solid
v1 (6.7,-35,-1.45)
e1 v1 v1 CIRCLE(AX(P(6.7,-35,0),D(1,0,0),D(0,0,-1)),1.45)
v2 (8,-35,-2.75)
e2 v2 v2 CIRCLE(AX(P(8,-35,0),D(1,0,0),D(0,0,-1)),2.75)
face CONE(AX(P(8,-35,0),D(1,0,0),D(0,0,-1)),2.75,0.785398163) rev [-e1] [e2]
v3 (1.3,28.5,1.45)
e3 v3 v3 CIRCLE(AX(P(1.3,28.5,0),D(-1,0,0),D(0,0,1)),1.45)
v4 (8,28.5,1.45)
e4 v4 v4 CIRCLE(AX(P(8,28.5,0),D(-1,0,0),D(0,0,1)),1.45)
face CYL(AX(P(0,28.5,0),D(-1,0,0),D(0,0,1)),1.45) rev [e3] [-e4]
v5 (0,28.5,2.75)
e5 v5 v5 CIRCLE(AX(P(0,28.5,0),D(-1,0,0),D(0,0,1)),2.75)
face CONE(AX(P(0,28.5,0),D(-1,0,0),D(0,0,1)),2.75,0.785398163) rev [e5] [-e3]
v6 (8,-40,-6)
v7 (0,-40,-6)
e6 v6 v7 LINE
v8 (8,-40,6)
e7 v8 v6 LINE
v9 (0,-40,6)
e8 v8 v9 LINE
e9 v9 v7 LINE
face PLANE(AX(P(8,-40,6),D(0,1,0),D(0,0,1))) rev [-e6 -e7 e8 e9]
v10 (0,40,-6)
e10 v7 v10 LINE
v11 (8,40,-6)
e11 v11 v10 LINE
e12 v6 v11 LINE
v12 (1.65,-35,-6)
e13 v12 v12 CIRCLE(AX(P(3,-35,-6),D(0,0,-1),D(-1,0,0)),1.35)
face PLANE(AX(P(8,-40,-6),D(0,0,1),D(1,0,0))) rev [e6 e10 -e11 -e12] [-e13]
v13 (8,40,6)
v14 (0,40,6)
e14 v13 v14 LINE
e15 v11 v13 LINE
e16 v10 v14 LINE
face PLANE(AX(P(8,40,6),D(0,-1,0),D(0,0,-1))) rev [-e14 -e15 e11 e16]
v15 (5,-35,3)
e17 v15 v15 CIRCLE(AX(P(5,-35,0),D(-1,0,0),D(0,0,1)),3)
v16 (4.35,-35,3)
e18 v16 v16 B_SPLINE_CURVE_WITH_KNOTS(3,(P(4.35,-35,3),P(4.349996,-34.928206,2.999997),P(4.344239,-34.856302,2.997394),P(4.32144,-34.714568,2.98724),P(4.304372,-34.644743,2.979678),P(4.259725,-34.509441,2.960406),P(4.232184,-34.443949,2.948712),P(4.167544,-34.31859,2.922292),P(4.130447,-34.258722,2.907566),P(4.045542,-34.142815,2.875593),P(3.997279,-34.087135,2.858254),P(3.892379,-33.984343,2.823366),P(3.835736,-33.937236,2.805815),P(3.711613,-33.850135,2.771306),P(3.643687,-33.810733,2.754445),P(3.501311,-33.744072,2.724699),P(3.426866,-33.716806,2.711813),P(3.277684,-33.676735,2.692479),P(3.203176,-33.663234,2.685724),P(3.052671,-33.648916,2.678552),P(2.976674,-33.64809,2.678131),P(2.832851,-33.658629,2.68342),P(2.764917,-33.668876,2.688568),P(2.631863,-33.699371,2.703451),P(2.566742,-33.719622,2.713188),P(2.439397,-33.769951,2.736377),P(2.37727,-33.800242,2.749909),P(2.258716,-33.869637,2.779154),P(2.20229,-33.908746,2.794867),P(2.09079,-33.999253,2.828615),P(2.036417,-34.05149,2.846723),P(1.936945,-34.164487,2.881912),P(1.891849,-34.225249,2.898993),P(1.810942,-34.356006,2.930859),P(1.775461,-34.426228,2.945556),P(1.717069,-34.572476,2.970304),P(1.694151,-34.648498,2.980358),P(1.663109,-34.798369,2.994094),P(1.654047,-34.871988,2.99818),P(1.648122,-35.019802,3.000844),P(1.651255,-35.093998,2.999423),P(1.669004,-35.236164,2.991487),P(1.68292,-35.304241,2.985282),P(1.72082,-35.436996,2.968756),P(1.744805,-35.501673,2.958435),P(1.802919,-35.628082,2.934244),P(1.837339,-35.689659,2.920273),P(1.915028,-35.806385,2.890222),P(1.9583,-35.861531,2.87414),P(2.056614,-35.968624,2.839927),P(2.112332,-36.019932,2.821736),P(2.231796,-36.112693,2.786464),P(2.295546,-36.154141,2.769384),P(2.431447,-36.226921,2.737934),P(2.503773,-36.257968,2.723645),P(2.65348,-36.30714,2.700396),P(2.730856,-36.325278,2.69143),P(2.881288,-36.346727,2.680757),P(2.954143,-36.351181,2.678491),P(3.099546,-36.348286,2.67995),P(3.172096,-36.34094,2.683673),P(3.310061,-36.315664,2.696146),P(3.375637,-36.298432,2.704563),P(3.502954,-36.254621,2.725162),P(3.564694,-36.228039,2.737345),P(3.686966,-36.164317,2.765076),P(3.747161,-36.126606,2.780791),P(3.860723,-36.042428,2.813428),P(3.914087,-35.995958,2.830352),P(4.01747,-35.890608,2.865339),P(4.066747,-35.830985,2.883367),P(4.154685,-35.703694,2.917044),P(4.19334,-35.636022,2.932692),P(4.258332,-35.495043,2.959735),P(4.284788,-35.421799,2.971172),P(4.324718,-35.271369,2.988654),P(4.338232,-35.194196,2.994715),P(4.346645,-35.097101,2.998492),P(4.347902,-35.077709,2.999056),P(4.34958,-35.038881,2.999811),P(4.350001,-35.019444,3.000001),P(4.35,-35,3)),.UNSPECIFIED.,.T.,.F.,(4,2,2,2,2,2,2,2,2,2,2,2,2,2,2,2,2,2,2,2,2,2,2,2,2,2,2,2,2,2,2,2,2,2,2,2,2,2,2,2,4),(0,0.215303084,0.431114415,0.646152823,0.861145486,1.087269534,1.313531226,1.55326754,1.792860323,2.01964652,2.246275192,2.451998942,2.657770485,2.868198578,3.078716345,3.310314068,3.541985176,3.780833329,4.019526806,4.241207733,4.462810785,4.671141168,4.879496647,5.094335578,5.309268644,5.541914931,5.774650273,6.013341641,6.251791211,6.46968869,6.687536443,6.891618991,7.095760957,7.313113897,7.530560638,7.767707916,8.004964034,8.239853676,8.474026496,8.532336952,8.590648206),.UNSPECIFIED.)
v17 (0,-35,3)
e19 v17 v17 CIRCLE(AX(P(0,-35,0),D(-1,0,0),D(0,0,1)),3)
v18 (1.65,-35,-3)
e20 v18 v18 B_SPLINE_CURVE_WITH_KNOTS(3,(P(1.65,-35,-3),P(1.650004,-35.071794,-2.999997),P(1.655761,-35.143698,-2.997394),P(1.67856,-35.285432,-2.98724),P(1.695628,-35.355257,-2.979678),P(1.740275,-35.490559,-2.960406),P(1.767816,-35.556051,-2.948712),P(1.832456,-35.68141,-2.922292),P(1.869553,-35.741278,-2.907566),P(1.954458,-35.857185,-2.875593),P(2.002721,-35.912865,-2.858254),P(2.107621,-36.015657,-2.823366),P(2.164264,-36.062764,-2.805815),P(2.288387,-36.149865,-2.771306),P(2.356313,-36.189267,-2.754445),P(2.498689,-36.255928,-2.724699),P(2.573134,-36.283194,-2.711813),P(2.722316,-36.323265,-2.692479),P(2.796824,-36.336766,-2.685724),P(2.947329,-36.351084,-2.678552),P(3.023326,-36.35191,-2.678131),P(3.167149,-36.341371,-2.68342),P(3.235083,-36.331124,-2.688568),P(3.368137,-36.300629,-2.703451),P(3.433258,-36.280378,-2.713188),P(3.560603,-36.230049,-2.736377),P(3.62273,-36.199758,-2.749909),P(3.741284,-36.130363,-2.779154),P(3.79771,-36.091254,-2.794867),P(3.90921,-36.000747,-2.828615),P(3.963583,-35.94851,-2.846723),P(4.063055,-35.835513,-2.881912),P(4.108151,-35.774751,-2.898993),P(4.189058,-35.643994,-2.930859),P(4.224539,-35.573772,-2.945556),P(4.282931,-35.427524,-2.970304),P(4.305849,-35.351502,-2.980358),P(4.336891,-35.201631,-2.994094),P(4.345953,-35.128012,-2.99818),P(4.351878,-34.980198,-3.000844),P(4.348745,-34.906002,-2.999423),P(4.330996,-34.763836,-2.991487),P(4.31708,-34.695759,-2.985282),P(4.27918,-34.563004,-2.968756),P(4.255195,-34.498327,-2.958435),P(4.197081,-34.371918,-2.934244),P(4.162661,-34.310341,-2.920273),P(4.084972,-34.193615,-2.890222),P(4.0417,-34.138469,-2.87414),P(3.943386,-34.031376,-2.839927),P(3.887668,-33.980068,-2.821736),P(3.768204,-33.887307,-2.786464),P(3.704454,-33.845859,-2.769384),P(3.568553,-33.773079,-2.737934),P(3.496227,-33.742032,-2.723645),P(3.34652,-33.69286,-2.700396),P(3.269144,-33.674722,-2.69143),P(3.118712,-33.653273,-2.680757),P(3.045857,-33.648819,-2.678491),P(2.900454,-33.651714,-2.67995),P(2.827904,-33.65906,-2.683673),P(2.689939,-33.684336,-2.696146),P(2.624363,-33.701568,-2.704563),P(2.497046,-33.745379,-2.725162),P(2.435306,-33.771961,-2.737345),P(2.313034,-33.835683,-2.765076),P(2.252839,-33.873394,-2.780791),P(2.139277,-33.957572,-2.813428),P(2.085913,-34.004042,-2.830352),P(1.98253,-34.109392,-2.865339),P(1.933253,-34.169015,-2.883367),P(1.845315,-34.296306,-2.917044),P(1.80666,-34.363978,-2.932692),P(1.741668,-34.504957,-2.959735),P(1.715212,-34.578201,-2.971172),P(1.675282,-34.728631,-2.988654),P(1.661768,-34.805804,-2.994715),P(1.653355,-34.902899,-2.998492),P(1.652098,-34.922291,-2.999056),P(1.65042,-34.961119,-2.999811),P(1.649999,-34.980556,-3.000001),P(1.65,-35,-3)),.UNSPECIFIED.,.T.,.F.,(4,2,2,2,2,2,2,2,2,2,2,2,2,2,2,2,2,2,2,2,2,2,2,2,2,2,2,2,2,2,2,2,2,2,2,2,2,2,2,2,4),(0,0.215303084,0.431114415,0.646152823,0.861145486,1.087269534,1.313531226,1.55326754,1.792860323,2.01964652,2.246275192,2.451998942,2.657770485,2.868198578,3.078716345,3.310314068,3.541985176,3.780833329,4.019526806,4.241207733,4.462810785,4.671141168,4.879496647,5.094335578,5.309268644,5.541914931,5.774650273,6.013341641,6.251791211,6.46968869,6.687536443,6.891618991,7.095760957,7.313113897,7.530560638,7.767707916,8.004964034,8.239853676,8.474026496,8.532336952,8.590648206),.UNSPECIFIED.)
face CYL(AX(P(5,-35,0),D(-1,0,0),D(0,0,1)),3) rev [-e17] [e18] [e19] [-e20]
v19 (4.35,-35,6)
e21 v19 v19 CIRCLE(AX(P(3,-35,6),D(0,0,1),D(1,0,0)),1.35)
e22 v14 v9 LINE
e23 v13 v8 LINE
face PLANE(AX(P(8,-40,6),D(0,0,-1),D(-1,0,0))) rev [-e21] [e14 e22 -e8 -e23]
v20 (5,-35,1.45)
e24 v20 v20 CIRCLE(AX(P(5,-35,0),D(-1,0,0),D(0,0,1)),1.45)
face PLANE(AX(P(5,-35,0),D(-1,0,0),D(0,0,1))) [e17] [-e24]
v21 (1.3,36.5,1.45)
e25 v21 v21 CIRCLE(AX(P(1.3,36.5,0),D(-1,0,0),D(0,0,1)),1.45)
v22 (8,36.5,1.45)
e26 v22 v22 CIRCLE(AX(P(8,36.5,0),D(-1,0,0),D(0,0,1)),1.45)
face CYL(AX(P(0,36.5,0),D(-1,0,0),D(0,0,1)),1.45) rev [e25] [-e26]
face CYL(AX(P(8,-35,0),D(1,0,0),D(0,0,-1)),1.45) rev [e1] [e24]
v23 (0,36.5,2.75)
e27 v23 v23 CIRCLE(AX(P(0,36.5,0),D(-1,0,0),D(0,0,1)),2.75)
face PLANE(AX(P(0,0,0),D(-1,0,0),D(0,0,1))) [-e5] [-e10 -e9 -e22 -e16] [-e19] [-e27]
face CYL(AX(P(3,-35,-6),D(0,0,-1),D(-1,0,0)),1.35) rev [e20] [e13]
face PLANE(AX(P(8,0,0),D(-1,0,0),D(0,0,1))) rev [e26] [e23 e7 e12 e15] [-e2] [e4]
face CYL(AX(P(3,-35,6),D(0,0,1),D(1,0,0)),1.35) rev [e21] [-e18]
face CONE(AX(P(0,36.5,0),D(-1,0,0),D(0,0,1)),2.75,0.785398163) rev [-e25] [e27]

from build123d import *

# Parameters (mm, degrees)
SKETCH_1_W                     = 12
SKETCH_1_H                     = 80
EXTRUDE_1_DEPTH                = 8
SKETCH_2_R                     = 3
CUT_EXTRUDE_1_DEPTH            = 5
HOLE_WIZARD_M2_5_1_D           = 2.9
HOLE_WIZARD_M2_5_1_CSINK_D     = 5.5
HOLE_WIZARD_M2_5_1_CSINK_ANGLE = 90
HOLE_WIZARD_M2_5_2_D           = 2.9
HOLE_WIZARD_M2_5_2_CSINK_D     = 5.5
HOLE_WIZARD_M2_5_2_CSINK_ANGLE = 90
F_1_0MM_2_REACH                = 44.521
F_1_0MM_2_BORE_R               = 1.35


with BuildPart() as part:
    # 草圖1 → 填料-伸長1 (new body)
    with BuildSketch(Plane(origin=(0, 0, 0), x_dir=(0, 0, -1), z_dir=(1, 0, 0))):
        Rectangle(SKETCH_1_W, SKETCH_1_H)
    extrude(amount=EXTRUDE_1_DEPTH)

    # 草圖2 → 除料-伸長1 (cut)
    with BuildSketch(Plane.ZY):
        with Locations((0, -35)):
            Circle(SKETCH_2_R)
    extrude(amount=-CUT_EXTRUDE_1_DEPTH, mode=Mode.SUBTRACT)

    # M2.5 錐坑平頭螺釘的錐孔1 (through all)
    with Locations(Plane(origin=(8, 0, 0), x_dir=(0, 0, -1), z_dir=(1, 0, 0))):
        with Locations((0, -35)):
            CounterSinkHole(HOLE_WIZARD_M2_5_1_D / 2, HOLE_WIZARD_M2_5_1_CSINK_D / 2, counter_sink_angle=HOLE_WIZARD_M2_5_1_CSINK_ANGLE)

    # M2.5 錐坑平頭螺釘的錐孔2 (through all)
    with Locations(Plane.ZY):
        with Locations((0, 36.5), (0, 28.5)):
            CounterSinkHole(HOLE_WIZARD_M2_5_2_D / 2, HOLE_WIZARD_M2_5_2_CSINK_D / 2, counter_sink_angle=HOLE_WIZARD_M2_5_2_CSINK_ANGLE)

    # Ø1.0mm 定位孔2 bore → Ø1.0mm 定位孔2 (cut, up to next)
    with BuildSketch(Plane.XY.offset(6), mode=Mode.PRIVATE) as f_1_0mm_2_sk1:
        with Locations((3, -35)):
            Circle(F_1_0MM_2_BORE_R)
    f_1_0mm_2_tool1 = extrude(f_1_0mm_2_sk1.sketch, amount=-F_1_0MM_2_REACH, mode=Mode.PRIVATE) & part.part
    f_1_0mm_2 = f_1_0mm_2_tool1.solids().sort_by_distance((3, -35, 6))[0]
    add(f_1_0mm_2, mode=Mode.SUBTRACT)

    # 鏡射1: Ø1.0mm 定位孔2 across plane
    add(f_1_0mm_2.mirror(Plane.XY), mode=Mode.SUBTRACT)


solid = part.part
